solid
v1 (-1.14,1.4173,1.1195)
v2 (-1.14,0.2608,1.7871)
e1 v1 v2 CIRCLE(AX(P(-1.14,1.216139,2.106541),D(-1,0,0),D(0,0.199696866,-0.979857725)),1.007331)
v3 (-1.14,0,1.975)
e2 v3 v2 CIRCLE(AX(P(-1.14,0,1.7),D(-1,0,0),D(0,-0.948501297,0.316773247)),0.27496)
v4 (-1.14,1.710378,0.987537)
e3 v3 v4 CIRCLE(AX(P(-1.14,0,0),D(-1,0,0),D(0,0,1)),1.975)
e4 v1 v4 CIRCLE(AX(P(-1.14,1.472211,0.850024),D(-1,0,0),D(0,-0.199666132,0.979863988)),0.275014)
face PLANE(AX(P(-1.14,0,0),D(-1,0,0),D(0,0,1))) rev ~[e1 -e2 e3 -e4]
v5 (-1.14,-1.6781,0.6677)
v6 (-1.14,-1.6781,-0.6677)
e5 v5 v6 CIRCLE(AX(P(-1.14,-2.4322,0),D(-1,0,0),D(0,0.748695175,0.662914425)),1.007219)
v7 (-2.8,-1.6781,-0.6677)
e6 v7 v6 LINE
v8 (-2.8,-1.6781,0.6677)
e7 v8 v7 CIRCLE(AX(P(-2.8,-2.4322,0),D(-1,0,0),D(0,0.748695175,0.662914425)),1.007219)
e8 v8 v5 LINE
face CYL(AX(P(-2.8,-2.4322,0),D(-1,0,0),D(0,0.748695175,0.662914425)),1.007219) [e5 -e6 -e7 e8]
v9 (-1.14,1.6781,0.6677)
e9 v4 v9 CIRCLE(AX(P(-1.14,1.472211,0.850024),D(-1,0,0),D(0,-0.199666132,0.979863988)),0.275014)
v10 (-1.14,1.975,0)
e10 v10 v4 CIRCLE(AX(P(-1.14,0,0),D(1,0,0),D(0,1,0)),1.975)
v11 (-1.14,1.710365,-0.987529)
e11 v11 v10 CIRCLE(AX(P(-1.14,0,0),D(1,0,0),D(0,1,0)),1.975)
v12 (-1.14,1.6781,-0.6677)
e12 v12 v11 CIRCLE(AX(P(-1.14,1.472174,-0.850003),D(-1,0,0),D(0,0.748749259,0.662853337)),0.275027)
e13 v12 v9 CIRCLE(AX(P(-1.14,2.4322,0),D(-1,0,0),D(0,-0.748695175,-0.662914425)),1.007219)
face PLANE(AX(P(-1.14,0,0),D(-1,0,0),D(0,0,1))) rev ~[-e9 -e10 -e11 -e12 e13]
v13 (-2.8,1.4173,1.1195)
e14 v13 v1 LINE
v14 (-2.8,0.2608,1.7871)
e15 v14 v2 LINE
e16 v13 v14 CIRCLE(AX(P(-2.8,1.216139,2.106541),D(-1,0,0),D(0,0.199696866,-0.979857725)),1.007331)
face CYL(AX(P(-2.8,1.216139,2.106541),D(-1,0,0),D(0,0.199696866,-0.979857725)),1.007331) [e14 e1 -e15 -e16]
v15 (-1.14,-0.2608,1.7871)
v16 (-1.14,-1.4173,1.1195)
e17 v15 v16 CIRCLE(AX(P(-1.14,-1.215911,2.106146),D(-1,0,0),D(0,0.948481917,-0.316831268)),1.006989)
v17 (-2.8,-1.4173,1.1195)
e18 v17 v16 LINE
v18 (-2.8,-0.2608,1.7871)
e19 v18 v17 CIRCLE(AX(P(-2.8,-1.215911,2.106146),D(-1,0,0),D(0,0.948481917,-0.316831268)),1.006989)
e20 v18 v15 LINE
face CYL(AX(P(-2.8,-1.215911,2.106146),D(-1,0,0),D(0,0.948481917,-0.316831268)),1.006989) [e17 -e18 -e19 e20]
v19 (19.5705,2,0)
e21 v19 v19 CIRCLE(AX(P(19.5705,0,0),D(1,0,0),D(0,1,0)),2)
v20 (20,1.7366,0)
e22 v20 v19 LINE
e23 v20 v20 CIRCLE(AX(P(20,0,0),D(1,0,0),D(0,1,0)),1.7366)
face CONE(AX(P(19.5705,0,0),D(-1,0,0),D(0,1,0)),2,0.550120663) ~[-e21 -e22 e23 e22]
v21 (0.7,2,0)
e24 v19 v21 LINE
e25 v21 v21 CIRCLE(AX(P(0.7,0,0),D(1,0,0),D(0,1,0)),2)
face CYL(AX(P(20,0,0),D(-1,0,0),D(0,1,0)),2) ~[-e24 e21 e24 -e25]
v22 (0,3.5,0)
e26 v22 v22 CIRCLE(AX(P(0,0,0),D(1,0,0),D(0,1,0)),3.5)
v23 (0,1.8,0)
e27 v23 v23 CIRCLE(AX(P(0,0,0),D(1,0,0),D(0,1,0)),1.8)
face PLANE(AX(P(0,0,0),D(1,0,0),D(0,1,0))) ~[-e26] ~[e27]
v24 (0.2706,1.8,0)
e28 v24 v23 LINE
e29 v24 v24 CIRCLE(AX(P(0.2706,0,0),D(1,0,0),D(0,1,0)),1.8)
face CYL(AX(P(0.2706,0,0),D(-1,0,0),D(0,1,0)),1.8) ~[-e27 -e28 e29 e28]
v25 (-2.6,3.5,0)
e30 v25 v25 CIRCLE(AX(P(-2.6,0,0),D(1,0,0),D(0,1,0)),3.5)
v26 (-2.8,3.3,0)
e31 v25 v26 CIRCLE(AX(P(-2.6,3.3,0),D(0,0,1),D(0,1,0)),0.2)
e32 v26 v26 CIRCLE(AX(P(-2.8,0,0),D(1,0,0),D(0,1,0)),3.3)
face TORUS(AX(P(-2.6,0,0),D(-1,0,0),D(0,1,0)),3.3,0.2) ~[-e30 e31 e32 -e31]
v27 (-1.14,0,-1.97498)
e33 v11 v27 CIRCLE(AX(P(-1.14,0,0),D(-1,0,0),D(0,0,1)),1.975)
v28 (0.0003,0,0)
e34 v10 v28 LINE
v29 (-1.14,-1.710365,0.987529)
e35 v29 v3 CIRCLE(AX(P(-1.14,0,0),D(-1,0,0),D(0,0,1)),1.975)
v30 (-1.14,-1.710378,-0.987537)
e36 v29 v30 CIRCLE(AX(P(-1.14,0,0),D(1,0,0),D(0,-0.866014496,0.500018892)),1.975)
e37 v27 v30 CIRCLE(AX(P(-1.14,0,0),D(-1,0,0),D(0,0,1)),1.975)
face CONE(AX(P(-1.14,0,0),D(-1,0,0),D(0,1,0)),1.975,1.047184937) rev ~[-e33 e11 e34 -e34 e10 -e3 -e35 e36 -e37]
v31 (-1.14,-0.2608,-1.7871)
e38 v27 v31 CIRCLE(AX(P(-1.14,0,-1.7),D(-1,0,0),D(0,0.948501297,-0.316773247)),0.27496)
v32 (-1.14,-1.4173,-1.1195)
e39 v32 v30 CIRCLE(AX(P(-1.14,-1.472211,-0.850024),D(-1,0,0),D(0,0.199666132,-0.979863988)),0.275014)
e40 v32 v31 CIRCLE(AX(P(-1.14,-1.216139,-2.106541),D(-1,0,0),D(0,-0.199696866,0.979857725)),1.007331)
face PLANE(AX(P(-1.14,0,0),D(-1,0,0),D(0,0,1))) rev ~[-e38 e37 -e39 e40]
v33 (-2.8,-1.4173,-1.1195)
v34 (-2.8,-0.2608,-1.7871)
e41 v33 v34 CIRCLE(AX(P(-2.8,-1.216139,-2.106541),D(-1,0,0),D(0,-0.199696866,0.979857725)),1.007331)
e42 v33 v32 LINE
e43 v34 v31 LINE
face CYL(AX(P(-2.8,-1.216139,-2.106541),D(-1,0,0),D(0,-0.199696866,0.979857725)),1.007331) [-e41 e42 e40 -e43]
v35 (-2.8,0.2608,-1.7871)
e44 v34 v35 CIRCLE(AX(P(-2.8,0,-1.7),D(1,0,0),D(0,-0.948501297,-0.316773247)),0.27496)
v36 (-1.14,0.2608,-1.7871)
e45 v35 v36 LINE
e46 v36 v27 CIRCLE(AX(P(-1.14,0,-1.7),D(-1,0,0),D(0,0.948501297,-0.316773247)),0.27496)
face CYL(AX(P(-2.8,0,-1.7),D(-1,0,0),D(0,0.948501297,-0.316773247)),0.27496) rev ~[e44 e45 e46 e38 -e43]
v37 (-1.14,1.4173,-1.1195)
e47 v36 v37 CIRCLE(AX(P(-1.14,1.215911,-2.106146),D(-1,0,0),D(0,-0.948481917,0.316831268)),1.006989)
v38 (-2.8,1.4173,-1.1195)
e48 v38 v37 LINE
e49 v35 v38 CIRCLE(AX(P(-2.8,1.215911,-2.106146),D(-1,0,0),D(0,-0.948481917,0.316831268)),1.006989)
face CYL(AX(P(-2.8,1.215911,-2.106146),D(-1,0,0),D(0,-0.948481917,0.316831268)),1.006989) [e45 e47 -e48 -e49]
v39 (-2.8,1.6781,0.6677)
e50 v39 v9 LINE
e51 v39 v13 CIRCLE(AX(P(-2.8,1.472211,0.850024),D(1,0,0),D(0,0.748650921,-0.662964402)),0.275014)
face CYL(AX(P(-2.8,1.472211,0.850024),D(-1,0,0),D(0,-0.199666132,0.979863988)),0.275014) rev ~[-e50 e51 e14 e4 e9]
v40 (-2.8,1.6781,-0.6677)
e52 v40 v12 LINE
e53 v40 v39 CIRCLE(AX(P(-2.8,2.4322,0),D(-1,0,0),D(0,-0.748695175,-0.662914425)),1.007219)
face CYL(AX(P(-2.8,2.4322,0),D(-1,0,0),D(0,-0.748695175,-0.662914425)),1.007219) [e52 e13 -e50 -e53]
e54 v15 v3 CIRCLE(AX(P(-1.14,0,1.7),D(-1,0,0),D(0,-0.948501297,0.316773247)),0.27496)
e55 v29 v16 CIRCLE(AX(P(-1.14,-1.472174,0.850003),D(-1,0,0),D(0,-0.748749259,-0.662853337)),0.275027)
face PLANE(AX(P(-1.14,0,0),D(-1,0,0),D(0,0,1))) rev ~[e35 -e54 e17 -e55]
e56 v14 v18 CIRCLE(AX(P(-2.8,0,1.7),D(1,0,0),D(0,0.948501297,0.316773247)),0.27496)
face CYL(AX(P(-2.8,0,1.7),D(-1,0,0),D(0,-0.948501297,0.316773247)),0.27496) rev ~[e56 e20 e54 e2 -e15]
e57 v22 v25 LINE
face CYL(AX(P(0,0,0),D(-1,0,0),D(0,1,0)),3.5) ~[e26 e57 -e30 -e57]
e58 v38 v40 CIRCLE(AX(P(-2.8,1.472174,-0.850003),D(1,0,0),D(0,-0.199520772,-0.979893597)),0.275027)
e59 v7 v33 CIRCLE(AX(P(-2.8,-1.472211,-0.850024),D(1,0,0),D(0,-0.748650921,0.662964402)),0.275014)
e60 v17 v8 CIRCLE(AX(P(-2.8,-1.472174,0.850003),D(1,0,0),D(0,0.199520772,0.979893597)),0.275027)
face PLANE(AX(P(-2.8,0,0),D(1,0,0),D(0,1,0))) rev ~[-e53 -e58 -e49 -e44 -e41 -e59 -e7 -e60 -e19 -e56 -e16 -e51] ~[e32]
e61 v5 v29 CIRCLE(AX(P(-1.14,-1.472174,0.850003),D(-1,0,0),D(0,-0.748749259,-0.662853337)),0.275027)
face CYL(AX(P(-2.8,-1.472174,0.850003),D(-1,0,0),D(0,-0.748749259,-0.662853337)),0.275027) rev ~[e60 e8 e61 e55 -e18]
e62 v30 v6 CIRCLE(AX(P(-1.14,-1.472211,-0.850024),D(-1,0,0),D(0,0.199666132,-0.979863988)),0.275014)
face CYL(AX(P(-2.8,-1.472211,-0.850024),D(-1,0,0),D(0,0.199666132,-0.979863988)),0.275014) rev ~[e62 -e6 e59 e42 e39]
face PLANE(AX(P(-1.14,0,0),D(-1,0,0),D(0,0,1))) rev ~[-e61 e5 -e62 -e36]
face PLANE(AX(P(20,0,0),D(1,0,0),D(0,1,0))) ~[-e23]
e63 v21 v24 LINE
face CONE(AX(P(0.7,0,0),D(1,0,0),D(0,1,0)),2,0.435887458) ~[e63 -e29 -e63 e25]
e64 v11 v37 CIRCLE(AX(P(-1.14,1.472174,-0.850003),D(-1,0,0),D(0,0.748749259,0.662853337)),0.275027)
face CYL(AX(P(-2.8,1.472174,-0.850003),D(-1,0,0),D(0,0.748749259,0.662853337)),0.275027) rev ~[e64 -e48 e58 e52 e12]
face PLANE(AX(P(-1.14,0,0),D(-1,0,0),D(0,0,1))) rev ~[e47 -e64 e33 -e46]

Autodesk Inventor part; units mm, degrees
ref_plane "YZ Plane" through (0, 0, 0) normal (1, 0, 0) x (0, 1, 0)
ref_plane "XZ Plane" through (0, 0, 0) normal (0, 1, 0) x (-1, 0, 0)
sketch "Szkic1" plane through (0, 0, 0) normal (0, 0, 1) x (1, 0, 0)
  line L0 (0.0003, 0) -> (20, 0)
  line L1 (20, 0) -> (20, 2)
  line L2 (20, 2) -> (0.7, 2)
  line L3 (0.7, 2) -> (0.2706, 1.8)
  line L4 (0.2706, 1.8) -> (0, 1.8)
  line L5 (0, 1.8) -> (0, 3.5)
  line L6 (0, 3.5) -> (-2.8, 3.5)
  line L7 (-2.8, 3.5) -> (-2.8, 1.975)
  line L8 (-2.8, 1.975) -> (-1.14, 1.975)
  line L9 (-1.14, 1.975) -> (0.0003, 0)
  line L10 (-7.36, 0) -> (24.56, 0) projected
  line L11 (0, -0.7) -> (0, 4.2) projected
  line L12 (0.7, 2) -> (0, 2) construction
  dimension "d1" = 19.3
  dimension "d2" = 0.4294
  dimension "d3" = 2.8
  dimension "d4" = 1.66
  dimension "d5" = 60
  dimension "d6" = 4
  dimension "d7" = 3.6
  dimension "d8" = 3.95
  dimension "d9" = 7
  dimension "d20" = 20
revolve "Bryła" add sketch "Szkic1" angle 360 about axis through (0.0003, 0, 0) along (1, 0, 0)
sketch "Szkic2" plane through (-2.8, 0, 0) normal (-1, 0, 0) x (0, 0, 1)
  line L0 (0, -4.9) -> (0, 4.9) projected
  line L1 (-4.9, 0) -> (4.9, 0) projected
  circle A0 centre (0, 0) radius 1.975 construction
  circle A1 centre (0, 0) radius 1.425 construction
  line L2 (0, 0) -> (1.7104, 0.9875) construction
  line L3 (0, 0) -> (0.9875, 1.7104) construction
  arc A2 (1.1195, 1.4173) -> (0.6677, 1.6781) centre (0.85, 1.4722) ccw
  arc A3 (1.1195, 1.4173) -> (1.7871, 0.2608) centre (2.1063, 1.2161) ccw
  arc A4 (1.7871, -0.2608) -> (1.7871, 0.2608) centre (1.7, 0) ccw
  arc A5 (1.7871, -0.2608) -> (1.1195, -1.4173) centre (2.1063, -1.2161) ccw
  arc A6 (-0.6677, 1.6781) -> (0.6677, 1.6781) centre (0, 2.4322) ccw
  arc A7 (-0.6677, 1.6781) -> (-1.1195, 1.4173) centre (-0.85, 1.4722) ccw
  arc A8 (-1.7871, 0.2608) -> (-1.1195, 1.4173) centre (-2.1063, 1.2161) ccw
  arc A9 (-1.7871, 0.2608) -> (-1.7871, -0.2608) centre (-1.7, 0) ccw
  arc A10 (-1.1195, -1.4173) -> (-1.7871, -0.2608) centre (-2.1063, -1.2161) ccw
  arc A11 (0.6677, -1.6781) -> (1.1195, -1.4173) centre (0.85, -1.4722) ccw
  arc A12 (0.6677, -1.6781) -> (-0.6677, -1.6781) centre (0, -2.4322) ccw
  arc A13 (-1.1195, -1.4173) -> (-0.6677, -1.6781) centre (-0.85, -1.4722) ccw
  circle A14 centre (0, 0) radius 1.975 projected
  dimension "d34" = 30
  dimension "d35" = 60
  dimension "d36" = 2.85
  dimension "d37" = 3.95
  dimension "d38" = 0.275
extrude "Szczelina" add sketch "Szkic2" against normal blind 1.66 contours A14 A13 A12 L0 | L0 A12 A11 A14 | A14 A9 A10 A13 | A11 A5 A4 A14 | A14 A7 A8 A9 | A4 A3 A2 A14 | A6 A7 A14 L0 | L0 A14 A2 A6
fillet "Zaokrąglenie1" radius 0.2 1 edges at (-2.8, -3.5, 0)
thread "Gwint" size "M4x0.7" class "6g" standard "ISO Metric profile" length 19.3
chamfer "Faza1" distance 0.2634 distance2 0.4295 1 edges at (20, -2, 0) measured on face at (20, 0.527, -0.2661)
ref_plane "Work Plane1" through (10.35, 0, 0) normal (0, -0.6335, -0.7737) x (1, 0, 0)
equation "\"d1\" = GEL"
equation "\"d2\" = GAL"
equation "\"d3\" = KOH"
equation "\"d4\" = INTI"
equation "\"d6\" = GD"
equation "\"d7\" = BDM"
equation "\"d8\" = SW"
equation "\"d9\" = KOD"
equation "\"d20\" = NLG"
equation "\"d36\" = E0"
equation "\"d37\" = SW"
equation "\"d38\" = -0.25 * E0 + 0.25 * SW"
equation "\"d11\" = INTI"
equation "\"d17\" = RR"
equation "\"d13\" = GEL"
equation "\"d15\" = -0.5 * SPD + 0.5 * GD"
equation "\"GD\" = NND"
equation "\"NLG\" = 20"
equation "\"GEL\" = 19.3"
equation "\"KOD\" = 7"
equation "\"KOH\" = 2.8"
equation "\"INTI\" = 1.66"
equation "\"GAL\" = 0.61345 * PTC"
equation "\"GUL\" = 0.61345 * PTC"
equation "\"BDM\" = 3.6"
equation "\"SW\" = 3.95"
equation "\"RR\" = 0.2"
equation "\"SPD\" = NND - 1.2269 * GAL"
equation "\"E0\" = 2.85"
equation "\"TOA\" = 30deg"
equation "\"GD1\" = THREADDIA - 1.2269 * PTC"
equation "\"THREADDIA\" = 4"
equation "\"PTC\" = 0.7"
equation "\"NND\" = 4"
equation "\"RRK\" = 0.29"
properties part number "NF E 25-111 - M4x20 Klasa właściwości 4.8" material "Stal, miękka"
